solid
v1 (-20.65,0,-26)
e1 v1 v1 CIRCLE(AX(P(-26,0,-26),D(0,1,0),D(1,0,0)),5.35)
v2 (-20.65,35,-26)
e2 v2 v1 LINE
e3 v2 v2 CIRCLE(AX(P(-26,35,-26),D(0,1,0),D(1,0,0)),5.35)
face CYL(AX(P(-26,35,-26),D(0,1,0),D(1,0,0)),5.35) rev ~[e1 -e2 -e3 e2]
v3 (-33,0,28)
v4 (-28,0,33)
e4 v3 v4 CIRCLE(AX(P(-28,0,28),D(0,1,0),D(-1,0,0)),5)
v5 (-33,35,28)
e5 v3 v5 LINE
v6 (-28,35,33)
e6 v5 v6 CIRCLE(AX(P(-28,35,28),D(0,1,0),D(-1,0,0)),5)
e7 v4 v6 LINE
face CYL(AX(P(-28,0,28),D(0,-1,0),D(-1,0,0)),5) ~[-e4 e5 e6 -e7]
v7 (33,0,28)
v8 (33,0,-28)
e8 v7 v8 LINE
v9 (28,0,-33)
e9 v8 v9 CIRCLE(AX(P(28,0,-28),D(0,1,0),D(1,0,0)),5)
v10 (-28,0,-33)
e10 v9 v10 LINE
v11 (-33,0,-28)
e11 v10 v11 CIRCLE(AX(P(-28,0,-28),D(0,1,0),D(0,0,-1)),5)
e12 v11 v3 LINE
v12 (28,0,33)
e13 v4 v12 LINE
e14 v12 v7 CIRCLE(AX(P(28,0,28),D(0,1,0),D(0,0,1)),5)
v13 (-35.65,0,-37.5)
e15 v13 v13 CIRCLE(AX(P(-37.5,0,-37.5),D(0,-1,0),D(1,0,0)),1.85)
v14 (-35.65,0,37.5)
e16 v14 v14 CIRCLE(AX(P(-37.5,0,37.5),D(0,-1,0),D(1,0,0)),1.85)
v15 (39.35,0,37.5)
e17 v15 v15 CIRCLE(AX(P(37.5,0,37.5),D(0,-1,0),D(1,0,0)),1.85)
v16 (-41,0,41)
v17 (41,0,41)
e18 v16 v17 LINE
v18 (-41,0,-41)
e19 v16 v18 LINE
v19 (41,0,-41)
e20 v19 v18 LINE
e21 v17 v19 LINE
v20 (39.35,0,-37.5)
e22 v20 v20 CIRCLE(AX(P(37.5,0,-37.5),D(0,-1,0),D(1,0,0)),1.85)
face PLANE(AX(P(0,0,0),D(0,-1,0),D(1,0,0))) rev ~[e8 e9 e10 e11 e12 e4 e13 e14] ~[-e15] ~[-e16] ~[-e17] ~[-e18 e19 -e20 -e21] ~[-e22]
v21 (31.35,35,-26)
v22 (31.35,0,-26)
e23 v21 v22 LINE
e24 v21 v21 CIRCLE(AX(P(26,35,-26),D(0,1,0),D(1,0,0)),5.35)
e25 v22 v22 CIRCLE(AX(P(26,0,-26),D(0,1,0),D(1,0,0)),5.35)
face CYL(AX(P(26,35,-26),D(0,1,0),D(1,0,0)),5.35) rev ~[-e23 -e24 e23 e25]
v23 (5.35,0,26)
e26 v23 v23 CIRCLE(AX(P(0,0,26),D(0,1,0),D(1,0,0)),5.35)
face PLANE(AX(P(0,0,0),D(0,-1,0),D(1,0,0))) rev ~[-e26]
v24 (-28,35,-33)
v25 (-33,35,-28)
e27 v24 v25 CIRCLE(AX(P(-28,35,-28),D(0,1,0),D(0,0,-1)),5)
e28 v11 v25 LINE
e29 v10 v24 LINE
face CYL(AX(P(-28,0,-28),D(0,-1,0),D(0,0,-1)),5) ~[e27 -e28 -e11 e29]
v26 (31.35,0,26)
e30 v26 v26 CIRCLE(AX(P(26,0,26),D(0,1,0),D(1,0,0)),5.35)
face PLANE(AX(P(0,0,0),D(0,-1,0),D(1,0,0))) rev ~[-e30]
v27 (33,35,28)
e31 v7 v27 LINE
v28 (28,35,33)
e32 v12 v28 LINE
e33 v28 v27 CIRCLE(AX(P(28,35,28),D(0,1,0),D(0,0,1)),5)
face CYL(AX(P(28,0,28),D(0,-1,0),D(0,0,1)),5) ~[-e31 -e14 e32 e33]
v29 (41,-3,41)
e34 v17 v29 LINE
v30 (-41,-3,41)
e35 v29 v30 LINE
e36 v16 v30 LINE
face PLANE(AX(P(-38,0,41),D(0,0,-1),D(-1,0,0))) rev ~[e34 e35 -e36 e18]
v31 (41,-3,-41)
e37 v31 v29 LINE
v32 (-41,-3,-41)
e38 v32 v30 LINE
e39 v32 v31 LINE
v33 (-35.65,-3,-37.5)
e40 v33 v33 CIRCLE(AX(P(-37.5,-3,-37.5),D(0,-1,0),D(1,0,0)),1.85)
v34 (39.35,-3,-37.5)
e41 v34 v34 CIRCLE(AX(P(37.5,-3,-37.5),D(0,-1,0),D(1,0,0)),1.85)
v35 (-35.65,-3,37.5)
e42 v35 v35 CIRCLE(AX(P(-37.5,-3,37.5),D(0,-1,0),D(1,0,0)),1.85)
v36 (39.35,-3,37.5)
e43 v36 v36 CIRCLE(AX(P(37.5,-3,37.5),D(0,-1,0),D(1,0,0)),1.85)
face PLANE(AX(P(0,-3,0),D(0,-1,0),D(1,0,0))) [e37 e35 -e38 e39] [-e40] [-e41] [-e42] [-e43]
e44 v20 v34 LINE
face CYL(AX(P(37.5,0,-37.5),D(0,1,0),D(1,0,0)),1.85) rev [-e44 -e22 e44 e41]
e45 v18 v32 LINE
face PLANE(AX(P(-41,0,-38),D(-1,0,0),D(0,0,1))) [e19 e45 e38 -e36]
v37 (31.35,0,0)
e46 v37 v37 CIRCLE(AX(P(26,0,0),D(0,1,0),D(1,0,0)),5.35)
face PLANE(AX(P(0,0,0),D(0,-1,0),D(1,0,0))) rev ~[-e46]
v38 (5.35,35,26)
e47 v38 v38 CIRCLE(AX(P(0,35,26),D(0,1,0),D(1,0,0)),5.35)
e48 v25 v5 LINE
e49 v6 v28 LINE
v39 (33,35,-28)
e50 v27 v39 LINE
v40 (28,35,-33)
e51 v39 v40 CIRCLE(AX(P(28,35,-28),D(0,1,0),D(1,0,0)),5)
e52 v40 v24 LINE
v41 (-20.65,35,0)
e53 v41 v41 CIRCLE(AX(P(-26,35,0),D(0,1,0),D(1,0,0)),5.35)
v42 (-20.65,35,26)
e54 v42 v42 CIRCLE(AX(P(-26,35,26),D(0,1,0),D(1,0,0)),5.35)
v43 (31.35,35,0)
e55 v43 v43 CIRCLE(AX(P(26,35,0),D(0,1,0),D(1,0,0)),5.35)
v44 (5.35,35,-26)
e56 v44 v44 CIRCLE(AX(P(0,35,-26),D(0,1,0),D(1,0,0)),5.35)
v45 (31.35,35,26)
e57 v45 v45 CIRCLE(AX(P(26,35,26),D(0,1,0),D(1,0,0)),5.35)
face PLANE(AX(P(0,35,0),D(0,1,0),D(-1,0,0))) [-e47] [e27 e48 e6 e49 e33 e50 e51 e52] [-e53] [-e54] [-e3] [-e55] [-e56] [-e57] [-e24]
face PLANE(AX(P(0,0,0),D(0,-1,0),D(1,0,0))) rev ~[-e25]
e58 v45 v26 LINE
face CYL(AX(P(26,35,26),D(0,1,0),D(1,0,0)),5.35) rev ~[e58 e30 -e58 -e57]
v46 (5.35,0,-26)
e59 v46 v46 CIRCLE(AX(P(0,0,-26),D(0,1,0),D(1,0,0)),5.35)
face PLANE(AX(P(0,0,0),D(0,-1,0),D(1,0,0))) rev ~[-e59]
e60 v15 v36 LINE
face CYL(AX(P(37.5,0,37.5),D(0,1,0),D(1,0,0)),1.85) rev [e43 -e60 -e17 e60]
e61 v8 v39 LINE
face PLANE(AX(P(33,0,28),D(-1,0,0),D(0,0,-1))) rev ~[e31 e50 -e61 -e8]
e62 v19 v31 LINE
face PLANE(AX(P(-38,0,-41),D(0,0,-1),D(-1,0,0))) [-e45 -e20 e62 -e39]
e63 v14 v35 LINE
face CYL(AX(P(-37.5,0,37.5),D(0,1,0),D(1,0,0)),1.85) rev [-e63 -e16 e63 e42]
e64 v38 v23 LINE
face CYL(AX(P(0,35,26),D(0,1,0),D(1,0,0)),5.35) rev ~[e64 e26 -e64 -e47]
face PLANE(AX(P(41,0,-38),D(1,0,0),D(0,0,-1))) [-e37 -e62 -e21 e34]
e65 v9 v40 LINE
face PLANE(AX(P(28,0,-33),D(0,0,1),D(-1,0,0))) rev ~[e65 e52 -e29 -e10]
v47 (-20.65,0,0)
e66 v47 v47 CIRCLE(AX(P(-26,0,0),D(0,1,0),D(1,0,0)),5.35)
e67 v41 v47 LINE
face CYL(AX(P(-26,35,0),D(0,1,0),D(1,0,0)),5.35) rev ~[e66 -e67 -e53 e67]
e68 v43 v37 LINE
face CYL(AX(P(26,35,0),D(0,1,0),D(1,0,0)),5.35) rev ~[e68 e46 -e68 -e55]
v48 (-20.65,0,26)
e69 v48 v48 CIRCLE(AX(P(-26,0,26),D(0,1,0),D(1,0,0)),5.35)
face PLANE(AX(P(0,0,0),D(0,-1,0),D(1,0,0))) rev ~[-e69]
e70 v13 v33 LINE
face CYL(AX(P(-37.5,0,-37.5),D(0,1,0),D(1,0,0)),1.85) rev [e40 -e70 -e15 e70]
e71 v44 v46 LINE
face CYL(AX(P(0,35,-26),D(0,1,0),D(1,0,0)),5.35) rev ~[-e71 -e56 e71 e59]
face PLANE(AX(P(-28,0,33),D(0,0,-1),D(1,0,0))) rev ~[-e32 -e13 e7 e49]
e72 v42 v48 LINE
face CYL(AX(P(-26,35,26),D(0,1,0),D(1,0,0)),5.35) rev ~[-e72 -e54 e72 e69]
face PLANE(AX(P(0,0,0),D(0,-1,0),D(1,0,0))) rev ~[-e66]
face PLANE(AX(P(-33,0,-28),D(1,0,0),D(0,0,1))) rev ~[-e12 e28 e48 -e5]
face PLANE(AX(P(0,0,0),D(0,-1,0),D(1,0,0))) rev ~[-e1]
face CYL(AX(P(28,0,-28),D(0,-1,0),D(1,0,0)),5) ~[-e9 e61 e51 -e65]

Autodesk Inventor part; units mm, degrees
ref_plane "YZ Plane" through (0, 0, 0) normal (1, 0, 0) x (0, 1, 0)
ref_plane "XZ Plane" through (0, 0, 0) normal (0, 1, 0) x (-1, 0, 0)
ref_plane "XY Plane" through (0, 0, 0) normal (0, 0, 1) x (1, 0, 0)
sketch "Sketch1" plane through (0, 0, 0) normal (0, 1, 0) x (-1, 0, 0)
  line L0 (28, 33) -> (-28, 33)
  line L1 (-33, 28) -> (-33, -28)
  line L2 (-28, -33) -> (28, -33)
  line L3 (33, -28) -> (33, 28)
  line L4 (33, 33) -> (-33, -33) construction
  line L5 (-33, 33) -> (33, -33) construction
  arc A0 (28, -33) -> (33, -28) centre (28, -28) ccw
  arc A1 (33, 28) -> (28, 33) centre (28, 28) ccw
  arc A2 (-28, 33) -> (-33, 28) centre (-28, 28) ccw
  arc A3 (-33, -28) -> (-28, -33) centre (-28, -28) ccw
  point P0 (0, 0)
  dimension "d0" = 66
  dimension "d1" = 66
  dimension "d4" = 5
extrude "Extrusion1" add sketch "Sketch1" along normal blind 35
sketch "Sketch2" plane through (0, 35, 0) normal (0, 1, 0) x (1, 0, 0)
  line L0 (0, 0) -> (-10, 0)
  line L1 (0, 0) -> (0, -10)
  circle A0 centre (26, 26) radius 5.35
  circle A1 centre (0, 26) radius 5.35
  circle A2 centre (-26, 26) radius 5.35
  circle A3 centre (26, 0) radius 5.35
  circle A4 centre (0, 0) radius 5.35
  circle A5 centre (-26, 0) radius 5.35
  circle A6 centre (26, -26) radius 5.35
  circle A7 centre (0, -26) radius 5.35
  circle A8 centre (-26, -26) radius 5.35
  dimension "d8" = 10
  dimension "d9" = 10
  dimension "d10" = 10.7
  dimension "d11" = 26
  dimension "d12" = 26
  dimension "d15" = 26
  dimension "d18" = 26
extrude "Extrusion2" cut sketch "Sketch2" against normal blind 35 contours A0 | A1 | A2 | A3 | A5 | A6 | A7 | A8
sketch "Sketch4" plane through (0, 0, 0) normal (0, -1, 0) x (1, 0, 0)
  line L0 (37.5, 37.5) -> (-37.5, -37.5) construction
  line L1 (-37.5, 37.5) -> (37.5, -37.5) construction
  line L2 (-41, -38) -> (-41, 38)
  line L3 (41, -41) -> (-41, 41) construction
  line L4 (-41, -41) -> (41, 41) construction
  circle A0 centre (-37.5, 37.5) radius 1.85
  line L5 (38, 41) -> (-38, 41)
  line L6 (-38, -41) -> (38, -41)
  line L7 (41, -38) -> (41, 38)
  line L8 (41, 41) -> (-41, -41) construction
  line L9 (-41, 41) -> (41, -41) construction
  circle A1 centre (-37.5, -37.5) radius 1.85
  circle A2 centre (37.5, 37.5) radius 1.85
  circle A3 centre (37.5, -37.5) radius 1.85
  line L10 (-41, -38) -> (-41, -41)
  line L11 (-38, -41) -> (-41, -41)
  line L12 (-41, 38) -> (-41, 41)
  line L13 (-38, 41) -> (-41, 41)
  line L14 (38, 41) -> (41, 41)
  line L15 (41, 38) -> (41, 41)
  line L16 (41, -38) -> (41, -41)
  line L17 (41, -41) -> (38, -41)
  point P0 (0, 0)
  dimension "d28" = 75
  dimension "d29" = 75
  dimension "d31" = 82
  dimension "d56" = 3.7
  dimension "d68" = 75
  dimension "d71" = 75
extrude "Extrusion4" add sketch "Sketch4" along normal blind 3
thread "Thread5" size "M3.5x0.6" class "6H" standard "ANSI Metric M Profile" length 5.5
thread "Thread6" size "M3.5x0.6" class "6H" standard "ANSI Metric M Profile" length 5.5
thread "Thread7" size "M3.5x0.6" class "6H" standard "ANSI Metric M Profile" length 5.5
thread "Thread8" size "M3.5x0.6" class "6H" standard "ANSI Metric M Profile" length 5.5
properties part number "Aluminium Container 0805" material "Aluminum 6061"
